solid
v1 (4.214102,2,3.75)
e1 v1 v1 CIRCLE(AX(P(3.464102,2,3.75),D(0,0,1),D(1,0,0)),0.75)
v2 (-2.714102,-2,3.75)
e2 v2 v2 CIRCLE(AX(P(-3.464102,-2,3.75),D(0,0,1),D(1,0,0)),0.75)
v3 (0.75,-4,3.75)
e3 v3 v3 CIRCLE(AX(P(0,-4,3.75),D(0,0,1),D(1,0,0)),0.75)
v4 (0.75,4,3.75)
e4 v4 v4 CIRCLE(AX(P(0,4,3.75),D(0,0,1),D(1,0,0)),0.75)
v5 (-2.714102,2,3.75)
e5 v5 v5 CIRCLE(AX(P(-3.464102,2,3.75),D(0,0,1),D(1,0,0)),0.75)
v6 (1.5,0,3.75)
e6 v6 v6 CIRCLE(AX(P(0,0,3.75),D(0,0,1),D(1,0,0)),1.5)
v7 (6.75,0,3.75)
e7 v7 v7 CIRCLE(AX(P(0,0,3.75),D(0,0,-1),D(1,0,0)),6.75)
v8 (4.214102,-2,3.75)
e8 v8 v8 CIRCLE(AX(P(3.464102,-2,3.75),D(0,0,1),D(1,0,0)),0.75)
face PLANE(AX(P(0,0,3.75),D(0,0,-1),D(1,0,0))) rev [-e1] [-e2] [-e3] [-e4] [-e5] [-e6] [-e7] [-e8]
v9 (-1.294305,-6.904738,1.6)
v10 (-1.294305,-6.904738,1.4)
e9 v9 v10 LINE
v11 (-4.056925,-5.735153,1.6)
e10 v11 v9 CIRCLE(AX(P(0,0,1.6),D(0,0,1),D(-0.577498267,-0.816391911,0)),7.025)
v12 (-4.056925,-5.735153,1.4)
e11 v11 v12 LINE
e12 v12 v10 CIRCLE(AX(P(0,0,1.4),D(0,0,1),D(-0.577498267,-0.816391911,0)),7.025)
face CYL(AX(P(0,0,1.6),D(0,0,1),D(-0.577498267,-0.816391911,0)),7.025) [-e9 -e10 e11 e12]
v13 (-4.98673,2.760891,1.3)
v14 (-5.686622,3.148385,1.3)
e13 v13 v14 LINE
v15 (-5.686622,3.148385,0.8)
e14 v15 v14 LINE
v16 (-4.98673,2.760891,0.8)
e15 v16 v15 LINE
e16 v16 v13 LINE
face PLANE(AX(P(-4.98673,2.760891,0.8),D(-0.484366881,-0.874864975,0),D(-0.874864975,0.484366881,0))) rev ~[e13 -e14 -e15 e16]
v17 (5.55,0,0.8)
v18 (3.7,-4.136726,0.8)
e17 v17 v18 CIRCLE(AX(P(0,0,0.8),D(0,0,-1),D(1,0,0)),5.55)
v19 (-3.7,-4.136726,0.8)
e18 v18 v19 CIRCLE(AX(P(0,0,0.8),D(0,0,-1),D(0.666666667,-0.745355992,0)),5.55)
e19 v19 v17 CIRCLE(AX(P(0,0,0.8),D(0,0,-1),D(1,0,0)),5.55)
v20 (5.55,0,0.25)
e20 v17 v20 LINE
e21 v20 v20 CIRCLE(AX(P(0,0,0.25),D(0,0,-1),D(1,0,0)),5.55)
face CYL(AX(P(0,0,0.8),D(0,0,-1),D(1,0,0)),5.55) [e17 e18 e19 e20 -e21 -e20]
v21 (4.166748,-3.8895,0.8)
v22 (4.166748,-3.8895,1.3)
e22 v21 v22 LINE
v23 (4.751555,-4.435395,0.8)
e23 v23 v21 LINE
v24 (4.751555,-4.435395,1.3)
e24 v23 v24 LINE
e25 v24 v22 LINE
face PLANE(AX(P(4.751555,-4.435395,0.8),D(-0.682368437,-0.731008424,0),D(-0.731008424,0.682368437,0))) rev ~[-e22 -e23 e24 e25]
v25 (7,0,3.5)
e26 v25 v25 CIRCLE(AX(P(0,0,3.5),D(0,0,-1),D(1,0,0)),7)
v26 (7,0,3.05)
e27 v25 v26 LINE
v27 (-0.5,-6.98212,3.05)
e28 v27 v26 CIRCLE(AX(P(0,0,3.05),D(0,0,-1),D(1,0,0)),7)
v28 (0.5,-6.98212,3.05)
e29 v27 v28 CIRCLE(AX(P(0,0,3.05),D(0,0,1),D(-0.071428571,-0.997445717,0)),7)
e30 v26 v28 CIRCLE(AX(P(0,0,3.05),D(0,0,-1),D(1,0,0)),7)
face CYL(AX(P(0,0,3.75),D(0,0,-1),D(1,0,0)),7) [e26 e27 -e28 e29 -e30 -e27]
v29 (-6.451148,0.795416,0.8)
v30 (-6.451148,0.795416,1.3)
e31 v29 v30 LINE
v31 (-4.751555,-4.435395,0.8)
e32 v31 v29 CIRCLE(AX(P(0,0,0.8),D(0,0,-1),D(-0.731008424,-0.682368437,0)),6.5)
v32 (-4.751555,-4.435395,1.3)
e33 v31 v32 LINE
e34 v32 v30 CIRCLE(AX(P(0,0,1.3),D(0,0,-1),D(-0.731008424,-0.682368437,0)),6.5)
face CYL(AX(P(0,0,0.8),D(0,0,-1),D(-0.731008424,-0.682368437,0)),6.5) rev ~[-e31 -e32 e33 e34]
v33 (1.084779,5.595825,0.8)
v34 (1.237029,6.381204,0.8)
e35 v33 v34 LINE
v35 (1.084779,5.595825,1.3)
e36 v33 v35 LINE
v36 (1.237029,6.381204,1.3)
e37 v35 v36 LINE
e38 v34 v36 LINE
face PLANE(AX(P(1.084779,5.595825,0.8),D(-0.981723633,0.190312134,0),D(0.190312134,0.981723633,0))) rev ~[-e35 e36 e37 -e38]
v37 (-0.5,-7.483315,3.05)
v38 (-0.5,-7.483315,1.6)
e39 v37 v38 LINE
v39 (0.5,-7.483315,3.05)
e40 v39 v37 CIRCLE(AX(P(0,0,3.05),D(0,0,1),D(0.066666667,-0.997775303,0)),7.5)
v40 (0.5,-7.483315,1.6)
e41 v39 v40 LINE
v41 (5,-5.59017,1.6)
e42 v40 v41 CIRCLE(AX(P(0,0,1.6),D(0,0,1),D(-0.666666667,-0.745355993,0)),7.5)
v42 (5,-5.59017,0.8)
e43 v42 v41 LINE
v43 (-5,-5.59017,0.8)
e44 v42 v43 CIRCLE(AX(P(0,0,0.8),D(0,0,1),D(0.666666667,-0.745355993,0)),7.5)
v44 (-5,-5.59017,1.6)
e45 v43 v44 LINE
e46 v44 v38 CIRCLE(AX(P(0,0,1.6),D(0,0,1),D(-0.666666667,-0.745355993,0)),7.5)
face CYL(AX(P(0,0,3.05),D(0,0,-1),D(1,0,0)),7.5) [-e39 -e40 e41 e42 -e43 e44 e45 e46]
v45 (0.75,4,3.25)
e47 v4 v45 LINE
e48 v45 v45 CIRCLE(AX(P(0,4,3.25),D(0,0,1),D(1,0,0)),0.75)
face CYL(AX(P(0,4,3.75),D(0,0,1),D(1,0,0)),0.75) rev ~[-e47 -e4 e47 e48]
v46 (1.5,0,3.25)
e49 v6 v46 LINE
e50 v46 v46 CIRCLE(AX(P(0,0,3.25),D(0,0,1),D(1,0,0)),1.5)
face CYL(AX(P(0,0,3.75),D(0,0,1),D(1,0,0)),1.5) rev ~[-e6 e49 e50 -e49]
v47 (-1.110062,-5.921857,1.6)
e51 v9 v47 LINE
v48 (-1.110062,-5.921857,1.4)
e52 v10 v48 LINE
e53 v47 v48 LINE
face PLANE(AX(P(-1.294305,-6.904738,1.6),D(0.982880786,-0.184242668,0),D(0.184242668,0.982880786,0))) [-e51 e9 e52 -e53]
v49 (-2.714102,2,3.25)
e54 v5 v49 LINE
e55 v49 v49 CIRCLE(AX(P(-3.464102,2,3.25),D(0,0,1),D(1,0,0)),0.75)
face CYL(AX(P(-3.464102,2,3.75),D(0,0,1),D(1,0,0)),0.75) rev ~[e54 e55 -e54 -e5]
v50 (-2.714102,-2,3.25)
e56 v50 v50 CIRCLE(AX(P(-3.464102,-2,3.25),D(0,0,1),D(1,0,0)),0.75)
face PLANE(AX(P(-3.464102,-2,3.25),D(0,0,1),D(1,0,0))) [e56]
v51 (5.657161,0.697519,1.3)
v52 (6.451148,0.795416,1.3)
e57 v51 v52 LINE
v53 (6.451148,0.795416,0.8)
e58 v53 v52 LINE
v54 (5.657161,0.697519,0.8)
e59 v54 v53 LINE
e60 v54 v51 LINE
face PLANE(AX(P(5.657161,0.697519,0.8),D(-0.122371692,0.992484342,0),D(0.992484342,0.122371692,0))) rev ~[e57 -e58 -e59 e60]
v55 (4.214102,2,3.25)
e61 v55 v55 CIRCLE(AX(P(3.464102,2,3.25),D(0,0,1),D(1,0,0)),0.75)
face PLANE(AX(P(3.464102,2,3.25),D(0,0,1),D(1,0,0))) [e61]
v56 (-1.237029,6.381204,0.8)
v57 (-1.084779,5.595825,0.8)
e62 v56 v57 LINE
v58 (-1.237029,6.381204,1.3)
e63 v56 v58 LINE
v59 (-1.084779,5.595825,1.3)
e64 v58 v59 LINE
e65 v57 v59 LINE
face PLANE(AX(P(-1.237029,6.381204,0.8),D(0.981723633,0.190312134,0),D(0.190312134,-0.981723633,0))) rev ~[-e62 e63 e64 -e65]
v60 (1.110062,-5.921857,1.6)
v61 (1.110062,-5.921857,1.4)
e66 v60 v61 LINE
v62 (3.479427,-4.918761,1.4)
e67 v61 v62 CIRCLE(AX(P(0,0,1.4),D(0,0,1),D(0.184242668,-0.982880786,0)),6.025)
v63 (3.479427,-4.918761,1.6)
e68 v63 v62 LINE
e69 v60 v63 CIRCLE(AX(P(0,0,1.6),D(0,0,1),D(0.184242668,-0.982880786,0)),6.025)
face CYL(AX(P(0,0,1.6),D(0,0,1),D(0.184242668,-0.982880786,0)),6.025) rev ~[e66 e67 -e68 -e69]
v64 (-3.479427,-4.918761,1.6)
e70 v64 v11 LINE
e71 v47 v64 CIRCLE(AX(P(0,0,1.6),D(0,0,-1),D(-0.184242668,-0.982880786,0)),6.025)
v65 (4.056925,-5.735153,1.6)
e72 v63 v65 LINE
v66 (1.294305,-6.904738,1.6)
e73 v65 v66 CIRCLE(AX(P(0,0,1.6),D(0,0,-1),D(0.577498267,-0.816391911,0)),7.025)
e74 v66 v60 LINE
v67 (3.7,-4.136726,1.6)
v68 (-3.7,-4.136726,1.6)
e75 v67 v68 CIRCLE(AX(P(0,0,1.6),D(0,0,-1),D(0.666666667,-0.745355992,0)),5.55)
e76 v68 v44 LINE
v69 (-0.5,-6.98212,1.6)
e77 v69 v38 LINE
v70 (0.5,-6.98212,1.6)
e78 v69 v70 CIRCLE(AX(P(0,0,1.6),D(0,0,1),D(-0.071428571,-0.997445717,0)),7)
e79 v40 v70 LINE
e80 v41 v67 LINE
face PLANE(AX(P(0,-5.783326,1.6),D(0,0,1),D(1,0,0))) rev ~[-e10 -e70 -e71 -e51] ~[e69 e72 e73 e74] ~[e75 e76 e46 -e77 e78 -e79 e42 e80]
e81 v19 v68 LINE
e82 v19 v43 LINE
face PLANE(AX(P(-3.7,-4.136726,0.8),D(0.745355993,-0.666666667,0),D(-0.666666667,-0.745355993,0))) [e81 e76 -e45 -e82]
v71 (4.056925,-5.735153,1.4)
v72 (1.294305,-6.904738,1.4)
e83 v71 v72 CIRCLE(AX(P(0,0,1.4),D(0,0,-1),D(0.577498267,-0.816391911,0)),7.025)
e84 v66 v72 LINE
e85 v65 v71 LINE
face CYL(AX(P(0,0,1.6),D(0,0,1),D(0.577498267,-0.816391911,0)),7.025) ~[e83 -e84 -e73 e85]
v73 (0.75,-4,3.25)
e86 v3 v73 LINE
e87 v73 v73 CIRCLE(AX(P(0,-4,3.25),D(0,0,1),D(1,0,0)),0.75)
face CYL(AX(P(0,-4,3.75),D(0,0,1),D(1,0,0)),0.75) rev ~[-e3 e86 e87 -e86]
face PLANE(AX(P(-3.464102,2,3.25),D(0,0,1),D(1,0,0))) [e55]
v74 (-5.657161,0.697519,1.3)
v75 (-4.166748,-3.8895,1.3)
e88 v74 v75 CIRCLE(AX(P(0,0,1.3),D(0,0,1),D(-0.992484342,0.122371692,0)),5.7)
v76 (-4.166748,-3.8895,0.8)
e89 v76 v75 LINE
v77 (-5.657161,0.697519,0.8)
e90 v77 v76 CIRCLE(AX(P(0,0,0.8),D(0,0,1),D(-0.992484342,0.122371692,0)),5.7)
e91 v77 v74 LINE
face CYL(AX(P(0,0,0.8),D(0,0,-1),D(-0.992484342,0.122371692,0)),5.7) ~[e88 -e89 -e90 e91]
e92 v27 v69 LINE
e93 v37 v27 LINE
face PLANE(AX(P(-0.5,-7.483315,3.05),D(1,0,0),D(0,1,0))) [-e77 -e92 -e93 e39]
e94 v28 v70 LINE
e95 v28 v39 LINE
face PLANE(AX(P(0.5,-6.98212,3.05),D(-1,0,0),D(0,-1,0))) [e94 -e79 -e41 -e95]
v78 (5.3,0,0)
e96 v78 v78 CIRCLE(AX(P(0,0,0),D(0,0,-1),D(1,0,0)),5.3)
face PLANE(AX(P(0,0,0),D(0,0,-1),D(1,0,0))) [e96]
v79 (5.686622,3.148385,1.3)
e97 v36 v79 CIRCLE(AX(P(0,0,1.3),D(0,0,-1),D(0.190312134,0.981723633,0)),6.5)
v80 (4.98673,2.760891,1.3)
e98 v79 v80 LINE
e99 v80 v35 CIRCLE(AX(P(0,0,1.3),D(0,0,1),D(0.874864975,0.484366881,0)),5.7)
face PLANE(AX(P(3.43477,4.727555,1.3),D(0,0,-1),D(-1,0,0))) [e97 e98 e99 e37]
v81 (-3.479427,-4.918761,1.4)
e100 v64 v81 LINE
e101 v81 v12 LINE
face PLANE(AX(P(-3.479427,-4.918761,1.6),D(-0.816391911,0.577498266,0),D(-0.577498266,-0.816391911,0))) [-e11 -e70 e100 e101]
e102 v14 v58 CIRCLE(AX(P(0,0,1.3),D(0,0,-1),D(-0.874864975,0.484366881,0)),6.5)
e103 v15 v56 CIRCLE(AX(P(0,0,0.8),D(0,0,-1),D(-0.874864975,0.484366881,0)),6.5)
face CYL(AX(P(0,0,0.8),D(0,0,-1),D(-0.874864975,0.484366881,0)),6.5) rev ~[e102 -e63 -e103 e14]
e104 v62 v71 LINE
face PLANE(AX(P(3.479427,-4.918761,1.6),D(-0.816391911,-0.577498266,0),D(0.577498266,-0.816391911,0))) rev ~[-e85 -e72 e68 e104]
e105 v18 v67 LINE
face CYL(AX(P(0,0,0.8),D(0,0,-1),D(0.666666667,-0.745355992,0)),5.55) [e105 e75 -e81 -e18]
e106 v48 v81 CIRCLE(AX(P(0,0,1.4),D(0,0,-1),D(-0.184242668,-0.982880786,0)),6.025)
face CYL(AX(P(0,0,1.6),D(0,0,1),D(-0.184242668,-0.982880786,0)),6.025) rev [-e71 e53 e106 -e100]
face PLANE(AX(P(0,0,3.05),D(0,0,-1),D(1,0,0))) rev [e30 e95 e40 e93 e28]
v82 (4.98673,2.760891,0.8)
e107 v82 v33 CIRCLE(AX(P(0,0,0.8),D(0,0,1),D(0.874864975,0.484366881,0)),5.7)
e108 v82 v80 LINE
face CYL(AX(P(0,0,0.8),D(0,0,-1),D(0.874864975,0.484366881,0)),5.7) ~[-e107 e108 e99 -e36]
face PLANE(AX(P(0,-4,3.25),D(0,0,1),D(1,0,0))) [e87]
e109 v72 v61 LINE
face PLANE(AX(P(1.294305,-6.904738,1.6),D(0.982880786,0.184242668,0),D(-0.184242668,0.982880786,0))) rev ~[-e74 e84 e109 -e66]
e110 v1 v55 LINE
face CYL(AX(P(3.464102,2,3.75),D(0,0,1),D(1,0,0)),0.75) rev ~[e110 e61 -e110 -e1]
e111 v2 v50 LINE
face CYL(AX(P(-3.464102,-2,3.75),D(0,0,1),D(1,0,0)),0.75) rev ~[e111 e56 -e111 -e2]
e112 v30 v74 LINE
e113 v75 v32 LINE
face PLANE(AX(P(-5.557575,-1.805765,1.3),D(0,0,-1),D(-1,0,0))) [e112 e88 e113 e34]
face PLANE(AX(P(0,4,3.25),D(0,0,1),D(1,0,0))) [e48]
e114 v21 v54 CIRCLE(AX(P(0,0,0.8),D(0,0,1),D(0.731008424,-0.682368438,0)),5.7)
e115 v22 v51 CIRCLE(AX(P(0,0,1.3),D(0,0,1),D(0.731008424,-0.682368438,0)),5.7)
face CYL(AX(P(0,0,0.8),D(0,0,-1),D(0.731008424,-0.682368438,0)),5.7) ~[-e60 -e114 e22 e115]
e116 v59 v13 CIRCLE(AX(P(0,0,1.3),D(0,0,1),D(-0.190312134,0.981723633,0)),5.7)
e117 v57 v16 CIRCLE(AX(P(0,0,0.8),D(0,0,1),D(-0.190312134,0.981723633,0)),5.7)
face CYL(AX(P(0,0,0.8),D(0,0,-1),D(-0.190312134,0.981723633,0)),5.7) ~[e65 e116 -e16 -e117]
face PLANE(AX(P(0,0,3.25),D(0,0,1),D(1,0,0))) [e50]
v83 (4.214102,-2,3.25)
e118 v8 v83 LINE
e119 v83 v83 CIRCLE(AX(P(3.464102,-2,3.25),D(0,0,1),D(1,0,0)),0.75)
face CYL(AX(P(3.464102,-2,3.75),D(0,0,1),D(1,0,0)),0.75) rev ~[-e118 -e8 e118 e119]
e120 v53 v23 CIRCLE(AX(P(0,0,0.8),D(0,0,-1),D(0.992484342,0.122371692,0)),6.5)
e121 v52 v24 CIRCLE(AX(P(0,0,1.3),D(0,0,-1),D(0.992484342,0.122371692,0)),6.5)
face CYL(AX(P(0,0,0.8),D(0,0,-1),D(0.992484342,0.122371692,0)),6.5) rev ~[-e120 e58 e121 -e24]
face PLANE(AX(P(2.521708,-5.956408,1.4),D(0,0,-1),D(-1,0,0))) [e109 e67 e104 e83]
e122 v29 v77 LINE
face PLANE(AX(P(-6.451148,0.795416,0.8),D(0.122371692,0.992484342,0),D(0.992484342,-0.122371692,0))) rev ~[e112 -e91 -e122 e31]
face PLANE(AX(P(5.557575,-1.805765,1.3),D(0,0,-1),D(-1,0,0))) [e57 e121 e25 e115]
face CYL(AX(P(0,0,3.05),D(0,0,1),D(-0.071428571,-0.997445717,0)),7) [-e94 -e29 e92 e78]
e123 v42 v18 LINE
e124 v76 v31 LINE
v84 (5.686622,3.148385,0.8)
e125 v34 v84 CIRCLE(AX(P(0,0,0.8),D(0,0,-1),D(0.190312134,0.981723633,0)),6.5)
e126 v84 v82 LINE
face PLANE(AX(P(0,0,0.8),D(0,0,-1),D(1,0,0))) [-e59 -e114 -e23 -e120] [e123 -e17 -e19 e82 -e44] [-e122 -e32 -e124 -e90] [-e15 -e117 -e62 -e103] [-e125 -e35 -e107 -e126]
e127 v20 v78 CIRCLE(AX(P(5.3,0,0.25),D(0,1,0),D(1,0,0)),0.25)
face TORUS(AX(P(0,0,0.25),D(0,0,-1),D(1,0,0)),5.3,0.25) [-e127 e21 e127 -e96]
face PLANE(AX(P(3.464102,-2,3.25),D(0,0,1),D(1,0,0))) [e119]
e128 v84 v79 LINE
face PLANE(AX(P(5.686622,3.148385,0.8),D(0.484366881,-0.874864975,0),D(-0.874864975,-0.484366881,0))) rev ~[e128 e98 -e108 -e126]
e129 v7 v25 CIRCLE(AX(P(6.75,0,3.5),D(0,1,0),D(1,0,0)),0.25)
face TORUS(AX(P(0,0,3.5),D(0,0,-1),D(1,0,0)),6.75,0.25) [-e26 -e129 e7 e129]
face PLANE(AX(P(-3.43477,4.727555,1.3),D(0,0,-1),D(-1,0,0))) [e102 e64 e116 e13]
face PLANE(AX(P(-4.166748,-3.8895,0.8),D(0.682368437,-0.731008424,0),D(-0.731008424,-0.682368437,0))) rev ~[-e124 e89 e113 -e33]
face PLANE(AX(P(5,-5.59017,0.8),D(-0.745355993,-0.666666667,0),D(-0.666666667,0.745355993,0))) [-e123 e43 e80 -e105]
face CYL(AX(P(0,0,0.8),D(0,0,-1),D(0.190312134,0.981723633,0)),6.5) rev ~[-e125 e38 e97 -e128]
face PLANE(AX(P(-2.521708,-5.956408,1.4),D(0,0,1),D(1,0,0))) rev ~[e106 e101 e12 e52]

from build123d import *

# Parameters (mm, degrees)
FILLET_1_R          = 0.25
SKETCH_2_R          = 1.5
SKETCH_2_R_2        = 0.75
CUT_EXTRUDE_1_DEPTH = 0.5
CUT_EXTRUDE_2_REACH = 13.036
CUT_EXTRUDE_3_DEPTH = 0.5
CUT_EXTRUDE_4_DEPTH = 0.8
EXTRUDE_1_DEPTH     = 0.2


with BuildPart() as part:
    # Эскиз1 → Повернуть1 (revolve)
    with BuildSketch(Plane(origin=(0, 0, 0), x_dir=(1, 0, 0), z_dir=(0, 1, 0)), mode=Mode.PRIVATE) as revolve_1_sk:
        Polygon((0, 0), (0, -3.75), (-7, -3.75), (-7, -3.05), (-7.5, -3.05), (-7.5, -0.8), (-5.55, -0.8), (-5.55, 0), align=None)
    revolve(revolve_1_sk.sketch.rotate(Axis((0, 0, 0), (0, 0, -1)), 180), axis=Axis((0, 0, 0), (0, 0, -1)))

    # Скругление1
    fillet_1_edges = [part.edges().sort_by_distance(p)[0] for p in [
        (-5.55, 0, 0),
        (-7, 0, 3.75),
    ]]
    fillet(fillet_1_edges, radius=FILLET_1_R)

    # Эскиз2 → Вырез-Вытянуть1 (cut)
    with BuildSketch(Plane.XY.offset(3.75)):
        Circle(SKETCH_2_R)
        with Locations((0, -4)):
            Circle(SKETCH_2_R_2)
        with Locations((-3.464101615, -2)):
            Circle(SKETCH_2_R_2)
        with Locations((-3.464101615, 2)):
            Circle(SKETCH_2_R_2)
        with Locations((0, 4)):
            Circle(SKETCH_2_R_2)
        with Locations((3.464101615, 2)):
            Circle(SKETCH_2_R_2)
        with Locations((3.464101615, -2)):
            Circle(SKETCH_2_R_2)
    extrude(amount=-CUT_EXTRUDE_1_DEPTH, mode=Mode.SUBTRACT)

    # Эскиз3 → Вырез-Вытянуть2 (cut, up to next)
    with BuildSketch(Plane.XY.offset(3.05), mode=Mode.PRIVATE) as cut_extrude_2_sk1:
        with BuildLine():
            Line((0.5, -6.982120022), (0.5, -7.483314774))
            ThreePointArc((0.5, -7.483314774), (0, -7.5), (-0.5, -7.483314774))
            Line((-0.5, -7.483314774), (-0.5, -6.982120022))
            ThreePointArc((-0.5, -6.982120022), (0, -7), (0.5, -6.982120022))
        make_face()
    cut_extrude_2_tool1 = extrude(cut_extrude_2_sk1.sketch, amount=-CUT_EXTRUDE_2_REACH, mode=Mode.PRIVATE) & part.part
    add(cut_extrude_2_tool1.solids().sort_by_distance((0, -7.244238, 3.05))[0], mode=Mode.SUBTRACT)

    # Эскиз4 → Вырез-Вытянуть3 (cut)
    with BuildSketch(Plane(origin=(0, 0, 0.8), x_dir=(-1, 0, 0), z_dir=(0, 0, -1))):
        with BuildLine():
            Line((-4.751554754, -4.435394844), (-4.166748015, -3.889500094))
            ThreePointArc((-4.166748015, -3.889500094), (-5.421022143, -1.761396868), (-5.657160749, 0.697518642))
            Line((-5.657160749, 0.697518642), (-6.451148223, 0.795415996))
            ThreePointArc((-6.451148223, 0.795415996), (-6.181867356, -2.008610463), (-4.751554754, -4.435394844))
        make_face()
        with BuildLine():
            Line((-5.686622337, 3.148384728), (-4.986730357, 2.760891223))
            ThreePointArc((-4.986730357, 2.760891223), (-3.350375938, 4.611396868), (-1.084779161, 5.595824709))
            Line((-1.084779161, 5.595824709), (-1.237028868, 6.381203615))
            ThreePointArc((-1.237028868, 6.381203615), (-3.82060414, 5.258610463), (-5.686622337, 3.148384728))
        make_face()
        with BuildLine():
            Line((1.237028868, 6.381203615), (1.084779161, 5.595824709))
            ThreePointArc((1.084779161, 5.595824709), (3.350375938, 4.611396868), (4.986730357, 2.760891223))
            Line((4.986730357, 2.760891223), (5.686622337, 3.148384728))
            ThreePointArc((5.686622337, 3.148384728), (3.82060414, 5.258610463), (1.237028868, 6.381203615))
        make_face()
        with BuildLine():
            Line((6.451148223, 0.795415996), (5.657160749, 0.697518642))
            ThreePointArc((5.657160749, 0.697518642), (5.421022143, -1.761396868), (4.166748015, -3.889500094))
            Line((4.166748015, -3.889500094), (4.751554754, -4.435394844))
            ThreePointArc((4.751554754, -4.435394844), (6.181867356, -2.008610463), (6.451148223, 0.795415996))
        make_face()
    extrude(amount=-CUT_EXTRUDE_3_DEPTH, mode=Mode.SUBTRACT)

    # Эскиз5 → Вырез-Вытянуть4 (cut)
    with BuildSketch(Plane(origin=(0, 0, 0.8), x_dir=(-1, 0, 0), z_dir=(0, 0, -1))):
        with BuildLine():
            Line((-5, -5.590169944), (-3.7, -4.136725758))
            ThreePointArc((-3.7, -4.136725758), (0, -5.55), (3.7, -4.136725758))
            Line((3.7, -4.136725758), (5, -5.590169944))
            ThreePointArc((5, -5.590169944), (0, -7.5), (-5, -5.590169944))
        make_face()
    extrude(amount=-CUT_EXTRUDE_4_DEPTH, mode=Mode.SUBTRACT)

    # Эскиз6 → Бобышка-Вытянуть1 (add)
    with BuildSketch(Plane(origin=(0, 0, 1.6), x_dir=(-1, 0, 0), z_dir=(0, 0, -1))):
        with BuildLine():
            Line((-1.294304744, -6.904737521), (-1.110062076, -5.921856735))
            ThreePointArc((-1.110062076, -5.921856735), (-2.348915229, -5.548262994), (-3.479427056, -4.918761263))
            Line((-3.479427056, -4.918761263), (-4.056925322, -5.735153174))
            ThreePointArc((-4.056925322, -5.735153174), (-2.738776678, -6.46913652), (-1.294304744, -6.904737521))
        make_face()
        with BuildLine():
            Line((3.479427056, -4.918761263), (4.056925322, -5.735153174))
            ThreePointArc((4.056925322, -5.735153174), (2.738776678, -6.46913652), (1.294304744, -6.904737521))
            Line((1.294304744, -6.904737521), (1.110062076, -5.921856735))
            ThreePointArc((1.110062076, -5.921856735), (2.348915229, -5.548262994), (3.479427056, -4.918761263))
        make_face()
    extrude(amount=EXTRUDE_1_DEPTH)


solid = part.part
